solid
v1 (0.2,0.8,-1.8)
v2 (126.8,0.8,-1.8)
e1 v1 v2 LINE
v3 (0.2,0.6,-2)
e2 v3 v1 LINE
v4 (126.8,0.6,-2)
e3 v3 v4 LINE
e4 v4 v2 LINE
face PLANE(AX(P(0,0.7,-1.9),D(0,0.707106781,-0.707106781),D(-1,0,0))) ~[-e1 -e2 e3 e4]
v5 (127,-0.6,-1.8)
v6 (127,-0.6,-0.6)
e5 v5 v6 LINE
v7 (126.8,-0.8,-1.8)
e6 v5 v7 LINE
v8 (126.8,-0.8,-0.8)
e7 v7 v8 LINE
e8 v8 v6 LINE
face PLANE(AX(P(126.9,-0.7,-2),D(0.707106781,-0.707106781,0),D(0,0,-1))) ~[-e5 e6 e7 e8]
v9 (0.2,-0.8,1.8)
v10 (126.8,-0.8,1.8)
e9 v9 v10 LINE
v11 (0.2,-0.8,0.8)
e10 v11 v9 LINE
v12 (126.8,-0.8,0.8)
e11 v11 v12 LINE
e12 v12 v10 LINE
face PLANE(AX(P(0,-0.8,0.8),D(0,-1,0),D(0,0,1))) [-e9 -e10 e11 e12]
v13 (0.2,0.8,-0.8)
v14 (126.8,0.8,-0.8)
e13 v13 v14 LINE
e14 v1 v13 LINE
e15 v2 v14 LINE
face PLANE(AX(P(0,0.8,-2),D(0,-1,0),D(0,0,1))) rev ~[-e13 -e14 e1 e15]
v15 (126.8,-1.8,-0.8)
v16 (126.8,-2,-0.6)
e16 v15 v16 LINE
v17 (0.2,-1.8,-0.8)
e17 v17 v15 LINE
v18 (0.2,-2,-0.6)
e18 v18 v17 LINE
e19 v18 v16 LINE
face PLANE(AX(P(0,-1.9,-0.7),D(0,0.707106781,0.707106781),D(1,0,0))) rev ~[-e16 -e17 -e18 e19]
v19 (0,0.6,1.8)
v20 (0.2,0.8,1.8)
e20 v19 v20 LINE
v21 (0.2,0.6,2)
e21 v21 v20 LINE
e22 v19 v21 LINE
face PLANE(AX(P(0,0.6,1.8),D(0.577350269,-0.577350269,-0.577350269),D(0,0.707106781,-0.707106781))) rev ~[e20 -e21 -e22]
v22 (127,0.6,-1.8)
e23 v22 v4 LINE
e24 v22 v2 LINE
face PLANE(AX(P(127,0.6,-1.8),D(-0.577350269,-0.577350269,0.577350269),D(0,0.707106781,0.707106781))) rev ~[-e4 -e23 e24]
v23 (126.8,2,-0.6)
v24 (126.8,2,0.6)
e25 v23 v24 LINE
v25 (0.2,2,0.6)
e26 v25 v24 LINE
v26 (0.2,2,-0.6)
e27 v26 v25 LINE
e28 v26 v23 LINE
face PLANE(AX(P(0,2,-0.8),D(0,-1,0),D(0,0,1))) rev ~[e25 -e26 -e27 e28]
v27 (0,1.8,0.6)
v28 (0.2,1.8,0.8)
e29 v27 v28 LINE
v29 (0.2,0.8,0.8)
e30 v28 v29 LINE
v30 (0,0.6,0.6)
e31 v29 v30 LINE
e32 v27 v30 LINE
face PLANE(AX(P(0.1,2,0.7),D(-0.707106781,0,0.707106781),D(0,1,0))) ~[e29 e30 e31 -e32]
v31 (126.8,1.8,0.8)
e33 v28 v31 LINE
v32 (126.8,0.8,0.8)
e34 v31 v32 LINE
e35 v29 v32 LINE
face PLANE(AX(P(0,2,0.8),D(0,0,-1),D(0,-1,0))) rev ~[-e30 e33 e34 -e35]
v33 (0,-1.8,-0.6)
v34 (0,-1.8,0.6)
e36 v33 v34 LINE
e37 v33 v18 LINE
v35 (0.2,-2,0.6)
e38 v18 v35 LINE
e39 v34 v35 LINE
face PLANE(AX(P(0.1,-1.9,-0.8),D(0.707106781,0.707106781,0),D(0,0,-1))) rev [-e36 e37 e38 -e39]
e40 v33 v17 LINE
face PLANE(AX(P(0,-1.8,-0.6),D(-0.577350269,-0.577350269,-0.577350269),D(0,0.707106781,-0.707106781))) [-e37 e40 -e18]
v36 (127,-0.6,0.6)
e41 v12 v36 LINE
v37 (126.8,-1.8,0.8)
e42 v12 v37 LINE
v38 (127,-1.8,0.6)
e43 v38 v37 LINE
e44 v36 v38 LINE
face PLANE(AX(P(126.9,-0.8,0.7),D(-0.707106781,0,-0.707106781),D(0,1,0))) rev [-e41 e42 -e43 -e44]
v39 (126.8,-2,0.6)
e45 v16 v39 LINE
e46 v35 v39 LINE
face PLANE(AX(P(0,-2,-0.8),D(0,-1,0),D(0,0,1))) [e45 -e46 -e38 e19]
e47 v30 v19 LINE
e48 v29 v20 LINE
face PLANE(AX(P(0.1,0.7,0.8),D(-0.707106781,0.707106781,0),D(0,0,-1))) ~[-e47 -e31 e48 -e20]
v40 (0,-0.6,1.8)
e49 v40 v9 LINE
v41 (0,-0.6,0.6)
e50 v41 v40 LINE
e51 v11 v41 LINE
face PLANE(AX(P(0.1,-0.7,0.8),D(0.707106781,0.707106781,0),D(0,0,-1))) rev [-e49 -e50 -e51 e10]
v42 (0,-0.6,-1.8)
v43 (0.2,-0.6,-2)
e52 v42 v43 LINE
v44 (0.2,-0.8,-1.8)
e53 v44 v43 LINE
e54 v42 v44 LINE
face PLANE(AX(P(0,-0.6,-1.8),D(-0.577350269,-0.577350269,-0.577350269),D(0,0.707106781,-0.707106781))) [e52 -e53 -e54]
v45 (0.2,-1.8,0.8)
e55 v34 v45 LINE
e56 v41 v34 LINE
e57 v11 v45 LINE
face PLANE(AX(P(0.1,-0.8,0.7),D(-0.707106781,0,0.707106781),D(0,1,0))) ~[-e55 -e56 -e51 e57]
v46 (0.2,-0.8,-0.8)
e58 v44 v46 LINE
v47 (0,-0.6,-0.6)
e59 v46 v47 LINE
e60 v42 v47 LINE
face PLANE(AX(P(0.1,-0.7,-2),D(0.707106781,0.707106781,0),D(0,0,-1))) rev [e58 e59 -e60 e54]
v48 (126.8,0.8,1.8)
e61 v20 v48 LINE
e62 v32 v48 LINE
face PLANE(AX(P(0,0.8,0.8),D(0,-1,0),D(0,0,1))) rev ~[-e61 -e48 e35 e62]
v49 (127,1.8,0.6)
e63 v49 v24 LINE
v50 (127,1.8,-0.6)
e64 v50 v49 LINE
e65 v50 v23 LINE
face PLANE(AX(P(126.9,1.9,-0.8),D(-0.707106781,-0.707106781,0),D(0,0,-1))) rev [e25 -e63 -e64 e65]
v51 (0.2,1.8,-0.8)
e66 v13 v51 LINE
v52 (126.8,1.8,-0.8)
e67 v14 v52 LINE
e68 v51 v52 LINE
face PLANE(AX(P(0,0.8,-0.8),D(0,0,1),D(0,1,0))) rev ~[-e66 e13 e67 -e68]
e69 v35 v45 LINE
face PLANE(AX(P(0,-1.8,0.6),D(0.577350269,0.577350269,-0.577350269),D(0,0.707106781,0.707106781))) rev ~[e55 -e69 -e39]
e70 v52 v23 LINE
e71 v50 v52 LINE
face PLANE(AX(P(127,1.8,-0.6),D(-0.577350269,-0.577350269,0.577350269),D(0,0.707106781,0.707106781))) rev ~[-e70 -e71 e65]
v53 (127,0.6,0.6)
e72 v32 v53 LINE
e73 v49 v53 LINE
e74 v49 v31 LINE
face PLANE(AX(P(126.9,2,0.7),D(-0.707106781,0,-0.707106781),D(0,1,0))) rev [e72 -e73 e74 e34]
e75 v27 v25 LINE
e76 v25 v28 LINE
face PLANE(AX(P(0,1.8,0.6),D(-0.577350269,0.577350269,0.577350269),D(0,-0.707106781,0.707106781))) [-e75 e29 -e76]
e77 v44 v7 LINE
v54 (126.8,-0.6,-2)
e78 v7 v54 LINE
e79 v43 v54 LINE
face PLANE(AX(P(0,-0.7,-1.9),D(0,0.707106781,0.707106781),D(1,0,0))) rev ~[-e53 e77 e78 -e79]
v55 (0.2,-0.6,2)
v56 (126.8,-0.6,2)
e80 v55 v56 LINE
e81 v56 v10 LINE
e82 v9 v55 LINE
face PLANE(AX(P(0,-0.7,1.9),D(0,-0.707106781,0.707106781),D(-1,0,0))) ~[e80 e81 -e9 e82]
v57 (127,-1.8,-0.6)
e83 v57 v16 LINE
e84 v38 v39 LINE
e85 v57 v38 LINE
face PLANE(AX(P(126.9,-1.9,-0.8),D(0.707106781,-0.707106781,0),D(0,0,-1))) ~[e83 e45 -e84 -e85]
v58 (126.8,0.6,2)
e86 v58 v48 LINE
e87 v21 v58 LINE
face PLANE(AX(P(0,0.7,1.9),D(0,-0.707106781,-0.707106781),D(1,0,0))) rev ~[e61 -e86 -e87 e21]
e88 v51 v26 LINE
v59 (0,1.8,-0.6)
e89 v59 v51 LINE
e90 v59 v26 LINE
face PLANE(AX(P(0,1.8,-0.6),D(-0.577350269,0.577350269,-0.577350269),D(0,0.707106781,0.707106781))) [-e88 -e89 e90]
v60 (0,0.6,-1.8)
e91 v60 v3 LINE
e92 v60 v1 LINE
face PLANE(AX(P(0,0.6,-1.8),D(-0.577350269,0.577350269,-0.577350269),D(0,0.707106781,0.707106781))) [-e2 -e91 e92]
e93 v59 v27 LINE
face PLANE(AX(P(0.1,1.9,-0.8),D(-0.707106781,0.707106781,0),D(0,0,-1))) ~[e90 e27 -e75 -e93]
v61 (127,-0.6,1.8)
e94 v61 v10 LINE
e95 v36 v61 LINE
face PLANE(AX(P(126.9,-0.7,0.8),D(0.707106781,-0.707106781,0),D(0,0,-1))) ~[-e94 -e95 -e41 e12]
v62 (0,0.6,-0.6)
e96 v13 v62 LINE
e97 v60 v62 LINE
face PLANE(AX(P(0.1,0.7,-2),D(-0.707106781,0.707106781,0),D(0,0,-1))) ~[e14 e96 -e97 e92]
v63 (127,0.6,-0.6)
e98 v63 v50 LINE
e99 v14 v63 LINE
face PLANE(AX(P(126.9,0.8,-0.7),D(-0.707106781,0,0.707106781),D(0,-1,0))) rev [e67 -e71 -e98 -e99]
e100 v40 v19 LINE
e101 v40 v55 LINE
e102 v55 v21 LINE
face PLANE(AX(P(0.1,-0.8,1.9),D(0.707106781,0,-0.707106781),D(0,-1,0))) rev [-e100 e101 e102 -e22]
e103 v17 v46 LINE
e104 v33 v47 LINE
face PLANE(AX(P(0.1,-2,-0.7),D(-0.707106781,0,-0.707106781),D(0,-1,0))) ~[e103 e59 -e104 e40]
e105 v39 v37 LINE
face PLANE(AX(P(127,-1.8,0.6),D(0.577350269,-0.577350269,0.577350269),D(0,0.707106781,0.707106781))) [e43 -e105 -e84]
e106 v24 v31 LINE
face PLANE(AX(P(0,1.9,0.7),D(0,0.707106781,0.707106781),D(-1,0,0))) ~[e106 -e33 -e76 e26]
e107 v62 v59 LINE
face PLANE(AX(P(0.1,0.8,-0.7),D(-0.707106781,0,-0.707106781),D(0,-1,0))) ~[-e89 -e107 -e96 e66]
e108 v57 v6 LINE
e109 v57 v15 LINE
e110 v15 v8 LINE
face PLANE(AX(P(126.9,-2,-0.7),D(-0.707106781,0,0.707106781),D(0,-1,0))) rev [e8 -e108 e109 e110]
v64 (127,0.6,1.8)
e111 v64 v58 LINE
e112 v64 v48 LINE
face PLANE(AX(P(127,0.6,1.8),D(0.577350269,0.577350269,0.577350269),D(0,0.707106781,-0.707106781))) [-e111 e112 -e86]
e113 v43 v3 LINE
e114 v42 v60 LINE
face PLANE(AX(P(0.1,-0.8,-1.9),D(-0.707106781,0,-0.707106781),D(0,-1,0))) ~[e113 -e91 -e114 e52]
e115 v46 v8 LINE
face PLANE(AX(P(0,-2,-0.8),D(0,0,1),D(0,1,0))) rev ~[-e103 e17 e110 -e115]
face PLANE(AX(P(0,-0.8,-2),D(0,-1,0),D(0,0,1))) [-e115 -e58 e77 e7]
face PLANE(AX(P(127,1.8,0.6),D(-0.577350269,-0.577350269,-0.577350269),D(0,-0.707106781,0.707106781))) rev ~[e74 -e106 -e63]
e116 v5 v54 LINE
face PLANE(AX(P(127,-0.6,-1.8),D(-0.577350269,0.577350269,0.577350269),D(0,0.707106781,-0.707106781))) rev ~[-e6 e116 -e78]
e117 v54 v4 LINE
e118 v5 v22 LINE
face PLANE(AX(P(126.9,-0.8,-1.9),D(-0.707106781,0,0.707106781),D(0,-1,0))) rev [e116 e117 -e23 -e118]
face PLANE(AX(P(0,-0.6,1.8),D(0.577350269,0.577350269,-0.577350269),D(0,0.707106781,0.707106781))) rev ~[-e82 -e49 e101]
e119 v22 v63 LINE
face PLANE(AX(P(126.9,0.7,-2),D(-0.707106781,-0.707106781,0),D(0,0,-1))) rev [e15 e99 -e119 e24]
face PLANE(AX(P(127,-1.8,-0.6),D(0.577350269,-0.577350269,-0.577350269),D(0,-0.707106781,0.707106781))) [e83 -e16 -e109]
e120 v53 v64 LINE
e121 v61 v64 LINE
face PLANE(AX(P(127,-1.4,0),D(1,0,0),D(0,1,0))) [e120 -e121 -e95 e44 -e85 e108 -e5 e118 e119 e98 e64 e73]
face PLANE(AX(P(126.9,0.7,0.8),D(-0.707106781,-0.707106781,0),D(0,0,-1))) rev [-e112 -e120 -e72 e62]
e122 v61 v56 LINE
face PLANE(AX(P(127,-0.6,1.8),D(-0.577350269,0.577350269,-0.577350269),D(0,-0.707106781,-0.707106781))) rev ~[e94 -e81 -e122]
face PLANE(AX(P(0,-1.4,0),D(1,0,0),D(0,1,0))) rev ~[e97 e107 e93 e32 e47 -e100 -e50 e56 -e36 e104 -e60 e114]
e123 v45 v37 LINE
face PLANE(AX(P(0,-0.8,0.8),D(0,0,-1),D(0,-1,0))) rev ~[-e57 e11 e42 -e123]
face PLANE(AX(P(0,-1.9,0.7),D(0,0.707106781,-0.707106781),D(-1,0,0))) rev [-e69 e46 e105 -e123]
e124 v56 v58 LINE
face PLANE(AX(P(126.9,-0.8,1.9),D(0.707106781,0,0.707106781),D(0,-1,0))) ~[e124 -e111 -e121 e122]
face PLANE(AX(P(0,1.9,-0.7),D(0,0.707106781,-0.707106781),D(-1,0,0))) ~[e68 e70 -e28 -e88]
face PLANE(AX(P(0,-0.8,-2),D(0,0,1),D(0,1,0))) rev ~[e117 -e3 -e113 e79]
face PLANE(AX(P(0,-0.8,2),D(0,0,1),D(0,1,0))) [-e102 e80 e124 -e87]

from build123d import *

# Parameters (mm, degrees)
F0_W     = 1.2
F0_H     = 1.6
F0_W_2   = 1.6
F0_H_2   = 1.2
F1_DEPTH = 127
F2_SIZE  = 0.2


with BuildPart() as f1:
    # F0 (on Right) → F1 (new body)
    with BuildSketch(Plane.YZ):
        with Locations((-1.4, 0)):
            Rectangle(F0_W, F0_H)
        Rectangle(F0_W_2, F0_H)
        with Locations((0, -1.4)):
            Rectangle(F0_W_2, F0_H_2)
        with Locations((1.4, 0)):
            Rectangle(F0_W, F0_H)
        with Locations((0, 1.4)):
            Rectangle(F0_W_2, F0_H_2)
    extrude(amount=F1_DEPTH)

    # F2
    f2_edges = [f1.edges().sort_by_distance(p)[0] for p in [
        (63.5, -2, -0.8),
        (63.5, -2, 0.8),
        (63.5, -0.8, 2),
        (63.5, -0.8, -2),
        (63.5, 0.8, -2),
        (63.5, 2, -0.8),
        (63.5, 2, 0.8),
        (63.5, 0.8, 2),
        (127, -1.4, -0.8),
        (127, -0.8, -1.4),
        (127, 0, -2),
        (127, 0.8, -1.4),
        (127, 1.4, -0.8),
        (127, 2, 0),
        (127, 1.4, 0.8),
        (127, 0, 2),
        (127, -0.8, 1.4),
        (127, 0.8, 1.4),
        (127, -2, 0),
        (0, -2, 0),
        (0, -1.4, 0.8),
        (0, -0.8, 1.4),
        (0, 0, 2),
        (0, -0.8, -1.4),
        (0, 0, -2),
        (0, 0.8, -1.4),
        (0, 1.4, -0.8),
        (0, 2, 0),
        (0, 1.4, 0.8),
        (0, 0.8, 1.4),
        (127, -1.4, 0.8),
        (0, -1.4, -0.8),
    ]]
    chamfer(f2_edges, length=F2_SIZE)


solid = f1.part
